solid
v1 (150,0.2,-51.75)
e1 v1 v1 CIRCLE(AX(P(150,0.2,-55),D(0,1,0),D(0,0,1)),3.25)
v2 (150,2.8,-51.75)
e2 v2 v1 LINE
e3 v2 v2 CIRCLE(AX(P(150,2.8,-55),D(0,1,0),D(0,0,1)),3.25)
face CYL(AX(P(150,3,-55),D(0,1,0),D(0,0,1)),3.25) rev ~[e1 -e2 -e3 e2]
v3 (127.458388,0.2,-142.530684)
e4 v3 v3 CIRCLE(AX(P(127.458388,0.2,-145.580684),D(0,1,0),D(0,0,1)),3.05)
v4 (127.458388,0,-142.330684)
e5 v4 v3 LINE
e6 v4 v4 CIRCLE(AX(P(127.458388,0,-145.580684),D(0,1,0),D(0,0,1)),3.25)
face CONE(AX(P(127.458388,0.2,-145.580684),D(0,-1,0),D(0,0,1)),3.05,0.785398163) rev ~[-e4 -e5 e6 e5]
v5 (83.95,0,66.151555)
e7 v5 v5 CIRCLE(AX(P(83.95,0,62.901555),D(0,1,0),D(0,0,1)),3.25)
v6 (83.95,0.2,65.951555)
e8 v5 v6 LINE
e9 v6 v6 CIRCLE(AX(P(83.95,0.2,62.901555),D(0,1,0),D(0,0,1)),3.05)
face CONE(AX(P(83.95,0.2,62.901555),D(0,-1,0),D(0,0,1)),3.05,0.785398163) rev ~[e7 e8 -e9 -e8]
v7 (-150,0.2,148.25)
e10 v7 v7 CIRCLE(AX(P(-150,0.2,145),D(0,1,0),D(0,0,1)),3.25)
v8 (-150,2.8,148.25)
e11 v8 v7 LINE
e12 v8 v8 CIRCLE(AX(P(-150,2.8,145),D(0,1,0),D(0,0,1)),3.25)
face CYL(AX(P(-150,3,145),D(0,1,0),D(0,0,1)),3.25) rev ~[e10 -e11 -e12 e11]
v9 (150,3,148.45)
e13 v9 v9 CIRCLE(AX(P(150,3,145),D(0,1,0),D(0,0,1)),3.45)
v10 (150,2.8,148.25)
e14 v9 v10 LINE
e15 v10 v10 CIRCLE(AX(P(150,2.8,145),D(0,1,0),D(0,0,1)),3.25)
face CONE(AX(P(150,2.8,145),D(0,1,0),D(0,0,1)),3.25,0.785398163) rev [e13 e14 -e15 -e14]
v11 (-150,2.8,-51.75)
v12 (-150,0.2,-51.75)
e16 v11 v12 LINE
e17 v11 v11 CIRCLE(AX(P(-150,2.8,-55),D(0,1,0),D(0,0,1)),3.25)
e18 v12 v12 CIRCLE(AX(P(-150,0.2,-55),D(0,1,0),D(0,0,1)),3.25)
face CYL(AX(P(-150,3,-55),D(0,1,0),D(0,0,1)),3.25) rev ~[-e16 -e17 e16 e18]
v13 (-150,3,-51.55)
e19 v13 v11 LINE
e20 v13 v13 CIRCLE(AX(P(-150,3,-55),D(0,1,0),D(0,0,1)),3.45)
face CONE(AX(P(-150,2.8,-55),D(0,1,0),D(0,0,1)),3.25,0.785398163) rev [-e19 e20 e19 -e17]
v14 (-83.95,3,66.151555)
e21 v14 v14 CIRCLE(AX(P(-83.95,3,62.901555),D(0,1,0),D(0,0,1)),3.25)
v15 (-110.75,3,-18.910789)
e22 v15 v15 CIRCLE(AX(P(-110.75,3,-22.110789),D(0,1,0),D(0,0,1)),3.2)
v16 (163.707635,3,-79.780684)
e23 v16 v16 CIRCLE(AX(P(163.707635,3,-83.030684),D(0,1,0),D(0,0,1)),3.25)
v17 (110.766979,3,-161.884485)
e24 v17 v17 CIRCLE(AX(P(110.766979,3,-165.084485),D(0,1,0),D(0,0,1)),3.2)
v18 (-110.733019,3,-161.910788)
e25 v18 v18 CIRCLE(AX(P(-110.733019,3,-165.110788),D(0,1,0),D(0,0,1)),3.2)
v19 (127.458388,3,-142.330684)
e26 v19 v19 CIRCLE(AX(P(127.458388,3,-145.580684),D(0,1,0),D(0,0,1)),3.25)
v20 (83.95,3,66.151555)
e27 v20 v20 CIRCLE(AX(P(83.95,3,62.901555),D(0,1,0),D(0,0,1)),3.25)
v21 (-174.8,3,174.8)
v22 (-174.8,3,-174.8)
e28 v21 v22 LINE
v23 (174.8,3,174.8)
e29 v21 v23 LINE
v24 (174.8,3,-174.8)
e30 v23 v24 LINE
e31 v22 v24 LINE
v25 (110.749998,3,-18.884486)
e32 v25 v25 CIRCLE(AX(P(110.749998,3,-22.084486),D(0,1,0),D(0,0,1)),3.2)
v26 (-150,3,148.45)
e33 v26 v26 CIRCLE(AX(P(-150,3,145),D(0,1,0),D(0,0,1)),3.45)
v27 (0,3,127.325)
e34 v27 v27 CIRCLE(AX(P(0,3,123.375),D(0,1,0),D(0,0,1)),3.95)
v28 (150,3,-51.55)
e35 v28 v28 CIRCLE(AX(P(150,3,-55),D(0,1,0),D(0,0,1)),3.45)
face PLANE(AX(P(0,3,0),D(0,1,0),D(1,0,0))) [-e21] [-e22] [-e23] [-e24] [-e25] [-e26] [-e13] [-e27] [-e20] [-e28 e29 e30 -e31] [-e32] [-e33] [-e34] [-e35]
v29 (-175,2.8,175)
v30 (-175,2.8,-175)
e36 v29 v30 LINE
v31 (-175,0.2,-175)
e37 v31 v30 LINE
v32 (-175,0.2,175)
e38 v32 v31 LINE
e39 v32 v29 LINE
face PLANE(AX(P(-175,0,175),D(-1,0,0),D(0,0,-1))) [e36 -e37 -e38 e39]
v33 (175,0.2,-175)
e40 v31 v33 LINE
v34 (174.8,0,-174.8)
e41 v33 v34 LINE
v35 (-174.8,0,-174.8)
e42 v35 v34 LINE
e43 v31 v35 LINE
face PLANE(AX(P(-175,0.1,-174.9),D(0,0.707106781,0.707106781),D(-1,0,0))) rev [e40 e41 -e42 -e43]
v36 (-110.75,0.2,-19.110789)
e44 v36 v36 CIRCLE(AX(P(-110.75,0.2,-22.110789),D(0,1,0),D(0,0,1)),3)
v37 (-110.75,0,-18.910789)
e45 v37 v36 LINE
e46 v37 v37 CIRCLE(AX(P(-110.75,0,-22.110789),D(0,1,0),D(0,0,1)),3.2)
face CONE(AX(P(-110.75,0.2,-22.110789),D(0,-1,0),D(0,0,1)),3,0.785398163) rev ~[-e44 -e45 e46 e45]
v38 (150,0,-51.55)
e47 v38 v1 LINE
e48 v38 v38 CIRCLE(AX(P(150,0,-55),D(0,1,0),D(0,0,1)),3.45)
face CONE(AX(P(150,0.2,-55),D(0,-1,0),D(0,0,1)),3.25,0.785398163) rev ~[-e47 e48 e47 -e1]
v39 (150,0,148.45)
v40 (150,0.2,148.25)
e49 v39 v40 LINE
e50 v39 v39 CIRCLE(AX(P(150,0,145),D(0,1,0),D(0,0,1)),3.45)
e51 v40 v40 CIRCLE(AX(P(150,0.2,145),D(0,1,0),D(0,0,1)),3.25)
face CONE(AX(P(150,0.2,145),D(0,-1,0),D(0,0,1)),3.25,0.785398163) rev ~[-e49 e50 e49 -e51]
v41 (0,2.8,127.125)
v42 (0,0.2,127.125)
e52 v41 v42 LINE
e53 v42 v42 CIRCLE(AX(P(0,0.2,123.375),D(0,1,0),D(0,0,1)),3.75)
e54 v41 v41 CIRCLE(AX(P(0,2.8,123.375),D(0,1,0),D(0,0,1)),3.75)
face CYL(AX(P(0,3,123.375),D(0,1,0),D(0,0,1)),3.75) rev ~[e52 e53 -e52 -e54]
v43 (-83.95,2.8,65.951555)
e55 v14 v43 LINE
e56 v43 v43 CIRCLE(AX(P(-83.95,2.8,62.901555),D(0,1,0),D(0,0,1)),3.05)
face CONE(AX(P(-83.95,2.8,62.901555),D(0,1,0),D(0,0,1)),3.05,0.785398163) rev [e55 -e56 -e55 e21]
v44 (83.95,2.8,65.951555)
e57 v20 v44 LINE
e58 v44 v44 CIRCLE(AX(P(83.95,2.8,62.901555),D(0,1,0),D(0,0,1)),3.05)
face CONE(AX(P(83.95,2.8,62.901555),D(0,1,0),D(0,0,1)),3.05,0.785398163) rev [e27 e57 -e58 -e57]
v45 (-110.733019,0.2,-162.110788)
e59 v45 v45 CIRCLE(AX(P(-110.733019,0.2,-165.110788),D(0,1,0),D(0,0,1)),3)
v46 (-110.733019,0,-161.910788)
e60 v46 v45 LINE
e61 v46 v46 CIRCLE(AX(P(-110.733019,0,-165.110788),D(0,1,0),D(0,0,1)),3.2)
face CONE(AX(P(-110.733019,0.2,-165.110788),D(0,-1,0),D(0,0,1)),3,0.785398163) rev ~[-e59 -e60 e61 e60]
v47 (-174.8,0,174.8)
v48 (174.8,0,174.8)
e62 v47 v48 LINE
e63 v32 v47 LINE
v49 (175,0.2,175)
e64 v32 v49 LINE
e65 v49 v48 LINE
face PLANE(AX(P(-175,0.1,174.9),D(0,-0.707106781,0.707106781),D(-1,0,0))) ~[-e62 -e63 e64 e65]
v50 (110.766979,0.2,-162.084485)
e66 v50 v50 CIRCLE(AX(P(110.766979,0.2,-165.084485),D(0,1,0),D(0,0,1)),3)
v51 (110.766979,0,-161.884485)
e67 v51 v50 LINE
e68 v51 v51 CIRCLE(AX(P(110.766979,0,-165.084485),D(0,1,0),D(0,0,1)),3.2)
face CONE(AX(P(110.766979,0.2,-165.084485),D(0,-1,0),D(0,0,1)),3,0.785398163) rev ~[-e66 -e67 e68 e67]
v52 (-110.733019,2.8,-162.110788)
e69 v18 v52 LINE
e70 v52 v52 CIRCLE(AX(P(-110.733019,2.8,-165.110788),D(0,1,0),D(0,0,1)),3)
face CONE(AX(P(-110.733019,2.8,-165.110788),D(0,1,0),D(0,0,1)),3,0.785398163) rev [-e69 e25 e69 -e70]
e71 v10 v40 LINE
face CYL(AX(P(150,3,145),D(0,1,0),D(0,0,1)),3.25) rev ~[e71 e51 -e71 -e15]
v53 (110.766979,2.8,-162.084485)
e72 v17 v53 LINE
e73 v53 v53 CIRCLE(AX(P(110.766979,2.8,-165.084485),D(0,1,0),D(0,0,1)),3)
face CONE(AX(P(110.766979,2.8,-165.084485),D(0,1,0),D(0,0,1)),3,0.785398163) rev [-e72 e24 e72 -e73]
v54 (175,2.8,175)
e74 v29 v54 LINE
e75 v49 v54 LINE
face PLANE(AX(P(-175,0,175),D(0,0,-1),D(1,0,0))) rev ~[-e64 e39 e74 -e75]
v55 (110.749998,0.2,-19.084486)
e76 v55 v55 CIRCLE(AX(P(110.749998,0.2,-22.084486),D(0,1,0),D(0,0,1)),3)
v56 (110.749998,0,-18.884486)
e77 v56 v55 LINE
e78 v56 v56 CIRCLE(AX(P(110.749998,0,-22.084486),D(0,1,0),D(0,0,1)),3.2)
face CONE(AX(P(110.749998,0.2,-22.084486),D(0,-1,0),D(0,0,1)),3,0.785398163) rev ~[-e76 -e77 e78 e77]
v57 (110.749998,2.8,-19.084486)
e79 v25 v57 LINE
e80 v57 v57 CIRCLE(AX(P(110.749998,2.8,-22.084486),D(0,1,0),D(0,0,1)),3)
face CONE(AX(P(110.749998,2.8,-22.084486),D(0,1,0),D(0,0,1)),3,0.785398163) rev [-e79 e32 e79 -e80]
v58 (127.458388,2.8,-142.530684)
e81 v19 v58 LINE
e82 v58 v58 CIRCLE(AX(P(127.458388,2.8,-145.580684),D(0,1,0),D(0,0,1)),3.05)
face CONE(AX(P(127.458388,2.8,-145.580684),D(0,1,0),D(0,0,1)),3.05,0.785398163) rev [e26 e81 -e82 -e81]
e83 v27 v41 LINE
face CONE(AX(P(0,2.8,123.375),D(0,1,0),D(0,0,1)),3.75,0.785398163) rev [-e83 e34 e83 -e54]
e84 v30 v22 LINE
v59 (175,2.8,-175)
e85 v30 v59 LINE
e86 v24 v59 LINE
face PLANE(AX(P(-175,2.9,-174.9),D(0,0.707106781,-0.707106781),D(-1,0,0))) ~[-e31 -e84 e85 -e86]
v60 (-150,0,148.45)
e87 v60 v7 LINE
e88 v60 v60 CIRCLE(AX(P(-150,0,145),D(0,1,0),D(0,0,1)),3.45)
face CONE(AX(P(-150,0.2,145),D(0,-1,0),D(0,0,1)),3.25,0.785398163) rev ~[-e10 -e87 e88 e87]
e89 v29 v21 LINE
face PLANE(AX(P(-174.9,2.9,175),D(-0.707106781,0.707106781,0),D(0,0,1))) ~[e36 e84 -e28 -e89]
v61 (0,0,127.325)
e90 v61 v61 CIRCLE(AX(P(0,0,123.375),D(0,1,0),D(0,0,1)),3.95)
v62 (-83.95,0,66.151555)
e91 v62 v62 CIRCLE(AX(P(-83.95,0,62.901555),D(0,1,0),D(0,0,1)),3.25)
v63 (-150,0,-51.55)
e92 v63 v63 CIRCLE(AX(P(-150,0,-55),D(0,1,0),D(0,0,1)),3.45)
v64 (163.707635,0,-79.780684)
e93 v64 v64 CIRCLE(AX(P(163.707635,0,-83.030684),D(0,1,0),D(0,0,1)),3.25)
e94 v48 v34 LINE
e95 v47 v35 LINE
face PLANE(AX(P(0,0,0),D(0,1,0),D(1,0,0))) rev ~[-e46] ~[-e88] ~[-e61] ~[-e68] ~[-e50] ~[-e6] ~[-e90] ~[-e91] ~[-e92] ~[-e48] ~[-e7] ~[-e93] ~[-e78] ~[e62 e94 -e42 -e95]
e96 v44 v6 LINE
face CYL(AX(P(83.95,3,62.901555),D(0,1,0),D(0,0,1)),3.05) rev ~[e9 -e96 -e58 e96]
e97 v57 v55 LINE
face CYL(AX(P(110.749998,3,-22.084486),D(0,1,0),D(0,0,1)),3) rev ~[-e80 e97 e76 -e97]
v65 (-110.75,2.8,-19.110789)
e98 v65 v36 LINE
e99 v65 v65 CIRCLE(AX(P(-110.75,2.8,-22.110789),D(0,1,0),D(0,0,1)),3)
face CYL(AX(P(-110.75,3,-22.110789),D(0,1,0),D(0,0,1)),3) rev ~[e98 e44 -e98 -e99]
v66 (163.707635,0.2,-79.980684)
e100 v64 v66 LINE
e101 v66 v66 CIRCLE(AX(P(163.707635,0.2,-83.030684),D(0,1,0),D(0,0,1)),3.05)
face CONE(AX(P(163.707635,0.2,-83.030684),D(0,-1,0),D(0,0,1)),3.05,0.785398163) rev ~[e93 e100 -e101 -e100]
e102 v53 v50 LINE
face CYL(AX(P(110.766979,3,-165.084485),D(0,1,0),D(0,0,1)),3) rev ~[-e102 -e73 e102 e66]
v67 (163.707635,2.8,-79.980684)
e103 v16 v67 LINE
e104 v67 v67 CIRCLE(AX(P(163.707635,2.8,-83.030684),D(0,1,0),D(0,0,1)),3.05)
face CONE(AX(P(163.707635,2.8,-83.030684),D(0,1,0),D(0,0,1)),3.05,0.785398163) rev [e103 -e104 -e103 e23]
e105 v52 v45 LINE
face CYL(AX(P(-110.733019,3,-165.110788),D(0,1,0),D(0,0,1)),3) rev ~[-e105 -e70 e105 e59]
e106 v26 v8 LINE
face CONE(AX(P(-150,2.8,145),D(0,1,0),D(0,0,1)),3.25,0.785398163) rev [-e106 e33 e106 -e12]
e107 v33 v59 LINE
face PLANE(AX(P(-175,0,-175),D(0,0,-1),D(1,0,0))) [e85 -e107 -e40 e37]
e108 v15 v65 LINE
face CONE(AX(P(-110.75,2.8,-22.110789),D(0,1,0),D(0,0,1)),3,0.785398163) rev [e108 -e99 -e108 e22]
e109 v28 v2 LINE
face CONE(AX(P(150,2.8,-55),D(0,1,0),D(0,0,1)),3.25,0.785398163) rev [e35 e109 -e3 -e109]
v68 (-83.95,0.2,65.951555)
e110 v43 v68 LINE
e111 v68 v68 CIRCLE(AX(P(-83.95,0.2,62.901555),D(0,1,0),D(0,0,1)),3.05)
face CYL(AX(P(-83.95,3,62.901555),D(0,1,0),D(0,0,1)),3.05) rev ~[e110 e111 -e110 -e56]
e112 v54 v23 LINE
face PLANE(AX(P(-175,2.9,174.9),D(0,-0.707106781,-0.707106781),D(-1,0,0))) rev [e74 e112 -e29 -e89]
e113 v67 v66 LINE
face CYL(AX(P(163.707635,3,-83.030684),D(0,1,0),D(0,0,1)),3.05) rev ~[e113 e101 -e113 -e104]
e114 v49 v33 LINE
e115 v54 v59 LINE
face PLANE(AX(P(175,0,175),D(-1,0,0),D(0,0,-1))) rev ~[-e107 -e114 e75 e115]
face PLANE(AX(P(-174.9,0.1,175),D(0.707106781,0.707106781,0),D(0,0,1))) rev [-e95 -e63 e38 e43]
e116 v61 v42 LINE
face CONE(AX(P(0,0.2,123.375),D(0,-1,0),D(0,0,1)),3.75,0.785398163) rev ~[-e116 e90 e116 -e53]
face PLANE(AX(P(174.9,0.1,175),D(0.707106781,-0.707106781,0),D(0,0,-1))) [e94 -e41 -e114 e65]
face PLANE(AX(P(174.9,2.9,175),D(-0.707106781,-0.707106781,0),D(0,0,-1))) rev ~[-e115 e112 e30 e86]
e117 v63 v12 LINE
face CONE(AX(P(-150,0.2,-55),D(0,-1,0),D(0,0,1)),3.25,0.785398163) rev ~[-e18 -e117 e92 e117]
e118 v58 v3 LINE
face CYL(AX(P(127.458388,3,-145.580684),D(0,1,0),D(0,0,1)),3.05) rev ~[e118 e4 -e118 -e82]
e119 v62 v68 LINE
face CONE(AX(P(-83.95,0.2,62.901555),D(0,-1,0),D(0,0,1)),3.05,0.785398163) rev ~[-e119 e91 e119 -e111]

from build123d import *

# Parameters (mm, degrees)
SKETCH1_W           = 350
SKETCH1_H           = 350
BOSS_EXTRUDE1_DEPTH = 3
SKETCH2_R           = 3.75
SKETCH2_R_2         = 3.25
CUT_EXTRUDE1_DEPTH  = 3
SKETCH3_R           = 3.05
CUT_EXTRUDE2_DEPTH  = 3
SKETCH4_R           = 3
CUT_EXTRUDE3_DEPTH  = 3
SKETCH5_R           = 3.05
CUT_EXTRUDE4_DEPTH  = 3
CHAMFER1_SIZE       = 0.2


with BuildPart() as part:
    # Sketch1 → Boss-Extrude1 (new body)
    with BuildSketch(Plane(origin=(0, 0, 0), x_dir=(1, 0, 0), z_dir=(0, 1, 0))):
        Rectangle(SKETCH1_W, SKETCH1_H)
    extrude(amount=BOSS_EXTRUDE1_DEPTH)

    # Sketch2 → Cut-Extrude1 (cut)
    with BuildSketch(Plane(origin=(0, 3, 0), x_dir=(1, 0, 0), z_dir=(0, 1, 0))):
        with Locations(Location((0, -123.375, 0), (0, 0, 270))):
            Circle(SKETCH2_R)
        with Locations(Location((-150, -145, 0), (0, 0, 270))):
            Circle(SKETCH2_R_2)
        with Locations(Location((-150, 55, 0), (0, 0, 270))):
            Circle(SKETCH2_R_2)
        with Locations(Location((150, 55, 0), (0, 0, 270))):
            Circle(SKETCH2_R_2)
        with Locations(Location((150, -145, 0), (0, 0, 270))):
            Circle(SKETCH2_R_2)
    extrude(amount=-CUT_EXTRUDE1_DEPTH, mode=Mode.SUBTRACT)

    # Sketch3 → Cut-Extrude2 (cut)
    with BuildSketch(Plane(origin=(0, 3, 0), x_dir=(1, 0, 0), z_dir=(0, 1, 0))):
        with Locations(Location((-83.95, -62.901554786, 0), (0, 0, 270))):
            Circle(SKETCH3_R)
        with Locations(Location((83.95, -62.901554786, 0), (0, 0, 270))):
            Circle(SKETCH3_R)
    extrude(amount=-CUT_EXTRUDE2_DEPTH, mode=Mode.SUBTRACT)

    # Sketch4 → Cut-Extrude3 (cut)
    with BuildSketch(Plane(origin=(0, 3, 0), x_dir=(1, 0, 0), z_dir=(0, 1, 0))):
        with Locations(Location((-110.733018977, 165.110788036, 0), (0, 0, 270))):
            Circle(SKETCH4_R)
        with Locations(Location((-110.75, 22.110789044, 0), (0, 0, 270))):
            Circle(SKETCH4_R)
        with Locations(Location((110.749998438, 22.084486271, 0), (0, 0, 270))):
            Circle(SKETCH4_R)
        with Locations(Location((110.766979461, 165.084485263, 0), (0, 0, 270))):
            Circle(SKETCH4_R)
    extrude(amount=-CUT_EXTRUDE3_DEPTH, mode=Mode.SUBTRACT)

    # Sketch5 → Cut-Extrude4 (cut)
    with BuildSketch(Plane(origin=(0, 3, 0), x_dir=(1, 0, 0), z_dir=(0, 1, 0))):
        with Locations(Location((163.707635241, 83.030683972, 0), (0, 0, 270))):
            Circle(SKETCH5_R)
        with Locations(Location((127.458388125, 145.580683972, 0), (0, 0, 270))):
            Circle(SKETCH5_R)
    extrude(amount=-CUT_EXTRUDE4_DEPTH, mode=Mode.SUBTRACT)

    # Chamfer1
    chamfer1_edges = [part.edges().sort_by_distance(p)[0] for p in [
        (-175, 3, 0),
        (0, 3, 175),
        (150, 3, 141.75),
        (150, 0, 141.75),
        (150, 3, -58.25),
        (150, 0, -58.25),
        (-150, 3, -58.25),
        (-150, 0, -58.25),
        (-150, 3, 141.75),
        (-150, 0, 141.75),
        (0, 3, 119.625),
        (0, 0, 119.625),
        (-83.95, 3, 59.851554786),
        (-83.95, 0, 59.851554786),
        (83.95, 3, 59.851554786),
        (83.95, 0, 59.851554786),
        (175, 3, 0),
        (0, 0, 175),
        (-175, 0, 0),
        (110.766979461, 3, -168.084485263),
        (0, 0, -175),
        (110.766979461, 0, -168.084485263),
        (110.749998438, 3, -25.084486271),
        (110.749998438, 0, -25.084486271),
        (-110.75, 3, -25.110789044),
        (-110.75, 0, -25.110789044),
        (175, 0, 0),
        (-110.733018977, 3, -168.110788036),
        (-110.733018977, 0, -168.110788036),
        (163.707635241, 3, -86.080683972),
        (163.707635241, 0, -86.080683972),
        (127.458388125, 3, -148.630683972),
        (127.458388125, 0, -148.630683972),
        (0, 3, -175),
    ]]
    chamfer(chamfer1_edges, length=CHAMFER1_SIZE)


solid = part.part
